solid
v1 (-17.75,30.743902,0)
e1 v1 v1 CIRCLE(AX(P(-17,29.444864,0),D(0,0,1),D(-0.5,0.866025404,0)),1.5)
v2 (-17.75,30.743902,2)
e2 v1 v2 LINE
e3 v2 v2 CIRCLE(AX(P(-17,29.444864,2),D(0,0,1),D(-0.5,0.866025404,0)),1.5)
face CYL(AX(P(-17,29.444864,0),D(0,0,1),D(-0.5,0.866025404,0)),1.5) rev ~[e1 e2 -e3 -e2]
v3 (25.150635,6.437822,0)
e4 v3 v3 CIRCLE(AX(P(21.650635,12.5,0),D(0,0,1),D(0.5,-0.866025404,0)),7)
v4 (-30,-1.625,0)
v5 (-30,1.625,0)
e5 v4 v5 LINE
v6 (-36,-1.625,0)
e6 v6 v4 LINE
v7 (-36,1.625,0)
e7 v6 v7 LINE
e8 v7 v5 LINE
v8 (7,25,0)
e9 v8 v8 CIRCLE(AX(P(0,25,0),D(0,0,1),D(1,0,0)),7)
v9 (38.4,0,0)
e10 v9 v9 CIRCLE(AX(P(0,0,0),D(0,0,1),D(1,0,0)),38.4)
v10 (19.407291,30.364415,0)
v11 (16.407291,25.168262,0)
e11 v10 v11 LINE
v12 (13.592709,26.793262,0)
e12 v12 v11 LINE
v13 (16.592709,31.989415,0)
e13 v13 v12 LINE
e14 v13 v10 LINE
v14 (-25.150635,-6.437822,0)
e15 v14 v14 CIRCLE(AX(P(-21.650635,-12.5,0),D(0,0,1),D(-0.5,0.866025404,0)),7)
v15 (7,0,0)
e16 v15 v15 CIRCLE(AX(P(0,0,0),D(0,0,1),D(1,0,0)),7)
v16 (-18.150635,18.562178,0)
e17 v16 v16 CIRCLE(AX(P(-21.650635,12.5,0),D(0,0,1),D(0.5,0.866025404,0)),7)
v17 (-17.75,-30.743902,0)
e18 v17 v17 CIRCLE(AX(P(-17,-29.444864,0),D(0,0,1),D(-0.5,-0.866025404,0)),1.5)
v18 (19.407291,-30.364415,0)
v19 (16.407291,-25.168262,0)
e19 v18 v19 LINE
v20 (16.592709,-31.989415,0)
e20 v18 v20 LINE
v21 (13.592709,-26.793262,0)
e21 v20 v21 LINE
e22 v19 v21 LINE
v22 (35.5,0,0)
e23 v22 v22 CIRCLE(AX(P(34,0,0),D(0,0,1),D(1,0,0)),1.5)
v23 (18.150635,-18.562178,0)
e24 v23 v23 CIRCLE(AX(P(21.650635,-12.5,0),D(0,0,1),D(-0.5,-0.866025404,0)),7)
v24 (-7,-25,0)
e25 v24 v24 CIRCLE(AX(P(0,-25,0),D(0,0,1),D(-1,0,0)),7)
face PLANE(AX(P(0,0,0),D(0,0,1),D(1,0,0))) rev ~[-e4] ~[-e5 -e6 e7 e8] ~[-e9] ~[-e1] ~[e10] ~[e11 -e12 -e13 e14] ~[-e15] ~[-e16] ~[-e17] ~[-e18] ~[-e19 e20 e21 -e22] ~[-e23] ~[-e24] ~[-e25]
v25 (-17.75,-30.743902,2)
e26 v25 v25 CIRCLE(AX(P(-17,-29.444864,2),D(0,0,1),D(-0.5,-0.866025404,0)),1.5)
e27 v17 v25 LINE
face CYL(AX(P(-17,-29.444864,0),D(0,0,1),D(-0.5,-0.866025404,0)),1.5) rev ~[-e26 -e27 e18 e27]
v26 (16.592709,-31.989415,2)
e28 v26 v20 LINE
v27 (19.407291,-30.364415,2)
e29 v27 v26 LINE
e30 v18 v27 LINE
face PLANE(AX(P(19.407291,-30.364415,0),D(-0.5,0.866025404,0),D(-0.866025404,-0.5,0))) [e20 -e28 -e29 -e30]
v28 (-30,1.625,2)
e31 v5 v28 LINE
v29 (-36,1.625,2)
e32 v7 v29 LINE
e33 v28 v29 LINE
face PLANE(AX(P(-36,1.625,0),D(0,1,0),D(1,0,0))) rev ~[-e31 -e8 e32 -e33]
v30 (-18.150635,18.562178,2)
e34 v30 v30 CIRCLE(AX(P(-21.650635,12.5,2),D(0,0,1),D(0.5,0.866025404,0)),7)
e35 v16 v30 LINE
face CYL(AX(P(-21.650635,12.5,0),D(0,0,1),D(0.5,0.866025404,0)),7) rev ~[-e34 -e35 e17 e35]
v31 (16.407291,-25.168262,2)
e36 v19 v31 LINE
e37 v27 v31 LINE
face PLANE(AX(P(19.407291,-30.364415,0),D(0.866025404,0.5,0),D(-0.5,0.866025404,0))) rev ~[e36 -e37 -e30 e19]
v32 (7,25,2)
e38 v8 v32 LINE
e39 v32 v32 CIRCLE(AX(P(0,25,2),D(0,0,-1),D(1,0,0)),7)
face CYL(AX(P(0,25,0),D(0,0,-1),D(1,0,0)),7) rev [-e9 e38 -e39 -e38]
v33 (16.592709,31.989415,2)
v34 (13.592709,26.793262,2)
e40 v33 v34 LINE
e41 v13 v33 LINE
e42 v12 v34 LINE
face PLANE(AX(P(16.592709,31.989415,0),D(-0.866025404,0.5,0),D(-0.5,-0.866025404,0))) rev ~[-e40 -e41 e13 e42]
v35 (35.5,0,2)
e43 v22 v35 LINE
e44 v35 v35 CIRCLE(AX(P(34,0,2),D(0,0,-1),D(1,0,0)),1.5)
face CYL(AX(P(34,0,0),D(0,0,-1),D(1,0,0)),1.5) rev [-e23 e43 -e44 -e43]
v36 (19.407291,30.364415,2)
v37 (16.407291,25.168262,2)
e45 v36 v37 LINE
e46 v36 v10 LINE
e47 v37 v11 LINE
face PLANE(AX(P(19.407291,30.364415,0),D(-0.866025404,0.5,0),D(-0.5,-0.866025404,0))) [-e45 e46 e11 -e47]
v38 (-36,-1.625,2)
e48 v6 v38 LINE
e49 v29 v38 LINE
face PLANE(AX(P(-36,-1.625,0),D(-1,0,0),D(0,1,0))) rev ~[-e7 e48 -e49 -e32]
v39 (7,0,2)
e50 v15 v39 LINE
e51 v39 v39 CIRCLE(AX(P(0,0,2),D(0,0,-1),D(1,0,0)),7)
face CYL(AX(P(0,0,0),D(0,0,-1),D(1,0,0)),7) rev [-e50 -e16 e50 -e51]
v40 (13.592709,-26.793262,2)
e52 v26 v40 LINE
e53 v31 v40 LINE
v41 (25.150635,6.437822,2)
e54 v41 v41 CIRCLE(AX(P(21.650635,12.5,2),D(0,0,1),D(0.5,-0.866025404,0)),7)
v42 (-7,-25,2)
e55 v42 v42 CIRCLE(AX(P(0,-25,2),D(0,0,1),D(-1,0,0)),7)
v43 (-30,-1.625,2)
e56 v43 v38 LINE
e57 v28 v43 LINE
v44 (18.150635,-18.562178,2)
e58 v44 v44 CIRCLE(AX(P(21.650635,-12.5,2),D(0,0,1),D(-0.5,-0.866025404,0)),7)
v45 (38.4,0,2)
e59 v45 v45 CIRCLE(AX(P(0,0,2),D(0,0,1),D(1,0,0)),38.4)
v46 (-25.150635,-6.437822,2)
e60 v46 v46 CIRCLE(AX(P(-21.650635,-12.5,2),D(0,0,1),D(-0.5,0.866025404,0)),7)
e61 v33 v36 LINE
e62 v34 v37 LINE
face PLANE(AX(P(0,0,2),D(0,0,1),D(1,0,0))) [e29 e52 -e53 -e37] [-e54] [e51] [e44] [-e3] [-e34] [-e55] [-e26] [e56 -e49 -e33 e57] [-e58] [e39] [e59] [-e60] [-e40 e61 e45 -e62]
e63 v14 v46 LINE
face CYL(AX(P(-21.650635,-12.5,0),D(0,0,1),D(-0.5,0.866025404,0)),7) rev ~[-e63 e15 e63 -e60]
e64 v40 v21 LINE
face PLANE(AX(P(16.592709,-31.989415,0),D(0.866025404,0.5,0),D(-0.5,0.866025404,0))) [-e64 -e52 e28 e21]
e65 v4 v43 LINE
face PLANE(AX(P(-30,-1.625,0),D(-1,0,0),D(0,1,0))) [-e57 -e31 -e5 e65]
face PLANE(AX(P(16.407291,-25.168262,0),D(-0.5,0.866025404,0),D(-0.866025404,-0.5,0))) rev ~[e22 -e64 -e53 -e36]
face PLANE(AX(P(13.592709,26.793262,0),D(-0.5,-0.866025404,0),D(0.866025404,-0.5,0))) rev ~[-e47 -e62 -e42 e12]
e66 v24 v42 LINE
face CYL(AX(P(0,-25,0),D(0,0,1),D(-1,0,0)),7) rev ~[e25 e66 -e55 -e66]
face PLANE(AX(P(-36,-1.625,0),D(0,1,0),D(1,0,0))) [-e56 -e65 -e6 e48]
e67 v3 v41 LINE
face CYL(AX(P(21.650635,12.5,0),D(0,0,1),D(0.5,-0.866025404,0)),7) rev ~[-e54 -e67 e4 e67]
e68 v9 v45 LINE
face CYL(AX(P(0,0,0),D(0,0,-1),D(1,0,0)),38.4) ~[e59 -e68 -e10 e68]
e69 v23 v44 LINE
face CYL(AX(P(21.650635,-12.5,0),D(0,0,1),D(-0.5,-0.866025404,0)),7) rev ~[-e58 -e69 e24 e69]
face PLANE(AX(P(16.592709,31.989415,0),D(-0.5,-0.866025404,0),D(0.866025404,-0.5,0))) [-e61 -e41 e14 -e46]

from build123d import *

# Parameters (mm, degrees)
CYLINDER_R            = 38.4
CYLINDER_DEPTH        = 2
SKETCH_R              = 1.5
POCKET_DEPTH          = 217.261029
POCKET_DEPTH_BACK     = 219.261029
POLARPATTERN_COUNT    = 3
SKETCH001_R           = 7
POCKET001_DEPTH       = 0.001
POCKET001_DEPTH_BACK  = 2.001
SKETCH002_R           = 7
POCKET002_DEPTH       = 217.261029
POCKET002_DEPTH_BACK  = 219.261029
POLARPATTERN001_COUNT = 6
SKETCH003_W           = 6
SKETCH003_H           = 3.25
POCKET003_DEPTH       = 217.261029
POCKET003_DEPTH_BACK  = 219.261029
POLARPATTERN002_COUNT = 3


with BuildPart() as part:
    # Cylinder → Cylinder (new body)
    with BuildSketch(Plane.XY):
        Circle(CYLINDER_R)
    extrude(amount=CYLINDER_DEPTH)

    # Sketch → Pocket (cut, two sides)
    with BuildSketch(Plane(origin=(34, 0, 0), x_dir=(1, 0, 0), z_dir=(0, 0, 1))) as pocket_sk:
        Circle(SKETCH_R)
    pocket = extrude(amount=-POCKET_DEPTH, mode=Mode.SUBTRACT) + extrude(pocket_sk.sketch, amount=POCKET_DEPTH_BACK, mode=Mode.SUBTRACT)

    # PolarPattern: Pocket ×3 about axis
    polarpattern_axis = Axis((0, 0, 0), (0, 0, 1))
    for i in range(1, POLARPATTERN_COUNT):
        add(pocket.rotate(polarpattern_axis, i * 360 / POLARPATTERN_COUNT), mode=Mode.SUBTRACT)

    # Sketch001 → Pocket001 (cut, two sides)
    with BuildSketch(Plane.XY) as pocket001_sk:
        Circle(SKETCH001_R)
    extrude(amount=-POCKET001_DEPTH, mode=Mode.SUBTRACT)
    extrude(pocket001_sk.sketch, amount=POCKET001_DEPTH_BACK, mode=Mode.SUBTRACT)

    # Sketch002 → Pocket002 (cut, two sides)
    with BuildSketch(Plane(origin=(0, 25, 0), x_dir=(1, 0, 0), z_dir=(0, 0, 1))) as pocket002_sk:
        Circle(SKETCH002_R)
    pocket002 = extrude(amount=-POCKET002_DEPTH, mode=Mode.SUBTRACT) + extrude(pocket002_sk.sketch, amount=POCKET002_DEPTH_BACK, mode=Mode.SUBTRACT)

    # PolarPattern001: Pocket002 ×6 about axis
    polarpattern001_axis = Axis((0, 0, 0), (0, 0, 1))
    for i in range(1, POLARPATTERN001_COUNT):
        add(pocket002.rotate(polarpattern001_axis, i * 360 / POLARPATTERN001_COUNT), mode=Mode.SUBTRACT)

    # Sketch003 → Pocket003 (cut, two sides)
    with BuildSketch(Plane(origin=(-33, 0, 0), x_dir=(1, 0, 0), z_dir=(0, 0, 1))) as pocket003_sk:
        Rectangle(SKETCH003_W, SKETCH003_H)
    pocket003 = extrude(amount=-POCKET003_DEPTH, mode=Mode.SUBTRACT) + extrude(pocket003_sk.sketch, amount=POCKET003_DEPTH_BACK, mode=Mode.SUBTRACT)

    # PolarPattern002: Pocket003 ×3 about axis
    polarpattern002_axis = Axis((0, 0, 0), (0, 0, 1))
    for i in range(1, POLARPATTERN002_COUNT):
        add(pocket003.rotate(polarpattern002_axis, i * 360 / POLARPATTERN002_COUNT), mode=Mode.SUBTRACT)


solid = part.part
